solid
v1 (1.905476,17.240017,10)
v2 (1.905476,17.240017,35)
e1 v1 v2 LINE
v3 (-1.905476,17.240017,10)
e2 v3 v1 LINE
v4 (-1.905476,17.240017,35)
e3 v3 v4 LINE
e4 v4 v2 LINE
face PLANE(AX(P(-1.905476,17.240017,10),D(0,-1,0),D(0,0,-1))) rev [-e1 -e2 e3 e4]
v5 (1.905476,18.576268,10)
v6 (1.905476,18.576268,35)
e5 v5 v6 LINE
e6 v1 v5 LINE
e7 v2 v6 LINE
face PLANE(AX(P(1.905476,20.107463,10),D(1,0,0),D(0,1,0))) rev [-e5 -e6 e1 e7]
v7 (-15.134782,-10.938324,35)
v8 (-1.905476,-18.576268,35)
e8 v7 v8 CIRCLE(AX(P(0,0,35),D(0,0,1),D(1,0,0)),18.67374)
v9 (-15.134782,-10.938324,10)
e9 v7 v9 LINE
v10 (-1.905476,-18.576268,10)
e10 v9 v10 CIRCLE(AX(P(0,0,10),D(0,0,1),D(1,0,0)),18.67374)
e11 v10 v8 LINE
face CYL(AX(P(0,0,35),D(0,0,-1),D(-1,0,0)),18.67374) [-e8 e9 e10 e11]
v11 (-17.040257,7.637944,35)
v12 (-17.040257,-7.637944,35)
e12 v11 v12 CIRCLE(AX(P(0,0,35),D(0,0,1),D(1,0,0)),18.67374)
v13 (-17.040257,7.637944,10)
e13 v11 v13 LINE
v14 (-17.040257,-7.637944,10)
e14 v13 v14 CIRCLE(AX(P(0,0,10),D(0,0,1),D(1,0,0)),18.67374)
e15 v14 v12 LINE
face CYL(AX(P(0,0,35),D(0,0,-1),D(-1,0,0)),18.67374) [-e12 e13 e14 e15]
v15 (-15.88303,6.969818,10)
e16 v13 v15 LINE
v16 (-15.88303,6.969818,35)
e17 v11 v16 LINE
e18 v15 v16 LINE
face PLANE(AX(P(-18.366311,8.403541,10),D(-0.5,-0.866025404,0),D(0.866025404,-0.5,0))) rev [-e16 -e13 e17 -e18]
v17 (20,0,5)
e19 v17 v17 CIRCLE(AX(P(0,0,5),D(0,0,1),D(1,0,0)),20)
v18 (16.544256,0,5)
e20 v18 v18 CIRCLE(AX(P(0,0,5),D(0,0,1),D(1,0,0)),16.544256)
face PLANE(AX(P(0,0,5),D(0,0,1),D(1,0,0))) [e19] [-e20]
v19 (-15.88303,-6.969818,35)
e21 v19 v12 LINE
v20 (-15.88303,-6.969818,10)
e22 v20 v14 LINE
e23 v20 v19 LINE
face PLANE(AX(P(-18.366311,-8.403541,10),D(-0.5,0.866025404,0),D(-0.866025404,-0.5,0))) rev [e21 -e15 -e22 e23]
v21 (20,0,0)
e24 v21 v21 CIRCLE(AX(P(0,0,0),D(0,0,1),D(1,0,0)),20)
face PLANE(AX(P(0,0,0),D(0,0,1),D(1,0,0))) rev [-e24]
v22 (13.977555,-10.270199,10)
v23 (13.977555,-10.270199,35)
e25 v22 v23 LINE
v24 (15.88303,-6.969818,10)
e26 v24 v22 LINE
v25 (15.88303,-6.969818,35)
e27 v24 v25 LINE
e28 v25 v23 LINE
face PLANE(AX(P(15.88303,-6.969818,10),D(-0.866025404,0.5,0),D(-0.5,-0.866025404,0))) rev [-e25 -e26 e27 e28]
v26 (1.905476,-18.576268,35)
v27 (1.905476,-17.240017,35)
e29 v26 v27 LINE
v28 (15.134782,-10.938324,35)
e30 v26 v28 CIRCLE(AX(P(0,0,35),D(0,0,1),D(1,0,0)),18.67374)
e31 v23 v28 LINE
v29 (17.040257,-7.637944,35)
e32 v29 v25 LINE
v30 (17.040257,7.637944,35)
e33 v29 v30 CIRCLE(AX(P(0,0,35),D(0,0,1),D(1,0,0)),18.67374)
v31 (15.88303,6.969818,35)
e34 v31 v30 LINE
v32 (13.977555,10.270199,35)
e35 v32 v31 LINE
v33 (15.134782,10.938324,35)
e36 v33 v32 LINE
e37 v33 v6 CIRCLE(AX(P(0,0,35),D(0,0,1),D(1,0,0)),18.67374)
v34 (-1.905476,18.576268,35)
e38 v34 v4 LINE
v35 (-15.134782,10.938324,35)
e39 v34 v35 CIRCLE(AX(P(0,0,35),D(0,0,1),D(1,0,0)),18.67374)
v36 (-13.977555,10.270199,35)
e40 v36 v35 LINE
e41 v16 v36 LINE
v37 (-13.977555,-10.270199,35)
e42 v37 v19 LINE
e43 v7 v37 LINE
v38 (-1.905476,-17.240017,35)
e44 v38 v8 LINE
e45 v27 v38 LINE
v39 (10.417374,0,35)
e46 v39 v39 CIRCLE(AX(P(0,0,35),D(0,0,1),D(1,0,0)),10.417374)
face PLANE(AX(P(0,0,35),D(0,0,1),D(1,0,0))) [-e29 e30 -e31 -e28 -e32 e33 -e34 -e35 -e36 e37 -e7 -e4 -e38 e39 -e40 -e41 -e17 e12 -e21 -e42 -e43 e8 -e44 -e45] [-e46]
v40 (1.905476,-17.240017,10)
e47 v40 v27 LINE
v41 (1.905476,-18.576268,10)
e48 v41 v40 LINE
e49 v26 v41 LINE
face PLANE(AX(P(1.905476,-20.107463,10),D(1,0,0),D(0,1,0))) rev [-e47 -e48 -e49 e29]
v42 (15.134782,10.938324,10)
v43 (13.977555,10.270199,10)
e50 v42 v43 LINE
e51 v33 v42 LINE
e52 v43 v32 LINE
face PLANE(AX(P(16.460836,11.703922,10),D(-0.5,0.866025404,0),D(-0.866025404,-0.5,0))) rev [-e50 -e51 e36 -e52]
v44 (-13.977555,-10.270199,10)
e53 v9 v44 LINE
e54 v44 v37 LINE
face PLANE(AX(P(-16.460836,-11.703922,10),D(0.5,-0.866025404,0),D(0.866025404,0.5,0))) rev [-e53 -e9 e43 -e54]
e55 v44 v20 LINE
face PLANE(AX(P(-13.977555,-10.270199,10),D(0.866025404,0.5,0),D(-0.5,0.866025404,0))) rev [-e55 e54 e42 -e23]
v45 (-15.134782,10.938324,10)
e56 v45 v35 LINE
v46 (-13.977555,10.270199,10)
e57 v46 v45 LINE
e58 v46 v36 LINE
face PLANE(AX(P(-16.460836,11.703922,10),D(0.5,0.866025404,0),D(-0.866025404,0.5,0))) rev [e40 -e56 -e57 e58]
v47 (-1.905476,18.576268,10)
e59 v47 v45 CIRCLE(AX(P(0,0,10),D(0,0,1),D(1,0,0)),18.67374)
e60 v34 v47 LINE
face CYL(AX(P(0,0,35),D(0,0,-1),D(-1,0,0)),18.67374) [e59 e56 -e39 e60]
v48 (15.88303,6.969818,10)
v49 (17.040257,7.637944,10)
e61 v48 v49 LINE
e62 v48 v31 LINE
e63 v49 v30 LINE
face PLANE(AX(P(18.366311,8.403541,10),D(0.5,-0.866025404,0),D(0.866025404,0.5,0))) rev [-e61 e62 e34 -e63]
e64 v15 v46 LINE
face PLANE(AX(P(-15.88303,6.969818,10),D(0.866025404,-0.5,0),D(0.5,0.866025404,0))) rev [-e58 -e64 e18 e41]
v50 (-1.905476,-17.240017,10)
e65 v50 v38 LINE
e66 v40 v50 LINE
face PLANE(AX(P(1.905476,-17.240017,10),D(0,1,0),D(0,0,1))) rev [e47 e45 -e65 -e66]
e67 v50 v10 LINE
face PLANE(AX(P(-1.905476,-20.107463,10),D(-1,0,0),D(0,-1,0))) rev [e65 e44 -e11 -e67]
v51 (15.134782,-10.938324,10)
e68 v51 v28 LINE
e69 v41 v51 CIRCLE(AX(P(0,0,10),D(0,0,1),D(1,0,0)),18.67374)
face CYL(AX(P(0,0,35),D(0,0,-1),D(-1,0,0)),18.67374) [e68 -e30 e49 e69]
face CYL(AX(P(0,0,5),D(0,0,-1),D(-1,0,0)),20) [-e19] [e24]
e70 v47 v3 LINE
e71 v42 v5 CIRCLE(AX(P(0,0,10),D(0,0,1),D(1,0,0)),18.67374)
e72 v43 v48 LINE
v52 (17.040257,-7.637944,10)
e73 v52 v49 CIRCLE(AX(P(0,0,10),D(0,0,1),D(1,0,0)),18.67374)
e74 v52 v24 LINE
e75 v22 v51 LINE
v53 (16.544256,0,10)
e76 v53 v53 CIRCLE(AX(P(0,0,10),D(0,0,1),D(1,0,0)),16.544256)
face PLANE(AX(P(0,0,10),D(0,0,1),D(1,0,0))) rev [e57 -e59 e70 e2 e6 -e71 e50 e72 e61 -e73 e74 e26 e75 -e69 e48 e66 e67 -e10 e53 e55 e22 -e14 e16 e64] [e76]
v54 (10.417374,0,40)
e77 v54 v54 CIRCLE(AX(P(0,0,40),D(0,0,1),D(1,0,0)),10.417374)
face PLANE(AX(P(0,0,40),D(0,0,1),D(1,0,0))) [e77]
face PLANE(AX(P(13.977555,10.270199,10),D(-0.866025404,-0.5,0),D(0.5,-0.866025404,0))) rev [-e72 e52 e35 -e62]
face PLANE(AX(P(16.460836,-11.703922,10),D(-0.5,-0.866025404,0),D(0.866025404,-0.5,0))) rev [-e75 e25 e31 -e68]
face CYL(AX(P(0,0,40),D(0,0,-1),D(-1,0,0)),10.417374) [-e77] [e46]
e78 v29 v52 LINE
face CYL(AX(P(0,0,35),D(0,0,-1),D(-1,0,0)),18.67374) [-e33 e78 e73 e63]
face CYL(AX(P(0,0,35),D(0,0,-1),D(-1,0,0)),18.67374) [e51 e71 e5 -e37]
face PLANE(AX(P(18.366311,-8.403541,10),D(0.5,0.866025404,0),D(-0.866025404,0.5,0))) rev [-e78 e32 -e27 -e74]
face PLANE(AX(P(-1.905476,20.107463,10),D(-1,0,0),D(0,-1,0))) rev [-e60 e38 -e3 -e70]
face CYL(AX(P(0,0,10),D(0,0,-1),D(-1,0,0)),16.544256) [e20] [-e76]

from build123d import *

# Parameters (mm, degrees)
CROQUIS1_R              = 20
SALIENTE_EXTRUIR5_DEPTH = 5
CROQUIS6_R              = 16.544256432
SALIENTE_EXTRUIR6_DEPTH = 5
CROQUIS7_R              = 18.673739687
SALIENTE_EXTRUIR7_DEPTH = 25
CROQUIS8_W              = 3.810951086
CROQUIS8_H              = 2.867445731
CORTAR_EXTRUIR2_DEPTH   = 25
CROQUIS9_R              = 10.417374192
SALIENTE_EXTRUIR9_DEPTH = 5


with BuildPart() as part:
    # Croquis1 → Saliente-Extruir5 (new body)
    with BuildSketch(Plane.XY):
        Circle(CROQUIS1_R)
    extrude(amount=SALIENTE_EXTRUIR5_DEPTH)

    # Croquis6 → Saliente-Extruir6 (add)
    with BuildSketch(Plane.XY.offset(5)):
        Circle(CROQUIS6_R)
    extrude(amount=SALIENTE_EXTRUIR6_DEPTH)

    # Croquis7 → Saliente-Extruir7 (add)
    with BuildSketch(Plane.XY.offset(10)):
        Circle(CROQUIS7_R)
    extrude(amount=SALIENTE_EXTRUIR7_DEPTH)

    # Croquis8 → Cortar-Extruir2 (cut)
    with BuildSketch(Plane.XY.offset(35)):
        with Locations((0, 18.673739686)):
            Rectangle(CROQUIS8_W, CROQUIS8_H)
        Polygon((16.460835604, 11.703921503), (13.977554757, 10.270198637), (15.8830303, 6.969818184), (18.366311148, 8.403541049), align=None)
        Polygon((18.366311148, -8.403541049), (15.8830303, -6.969818184), (13.977554757, -10.270198637), (16.460835604, -11.703921503), align=None)
        with Locations((0, -18.673739686)):
            Rectangle(CROQUIS8_W, CROQUIS8_H)
        Polygon((-16.460835604, -11.703921503), (-13.977554757, -10.270198637), (-15.8830303, -6.969818184), (-18.366311148, -8.403541049), align=None)
        Polygon((-18.366311148, 8.403541049), (-15.8830303, 6.969818184), (-13.977554757, 10.270198637), (-16.460835604, 11.703921503), align=None)
    extrude(amount=-CORTAR_EXTRUIR2_DEPTH, mode=Mode.SUBTRACT)

    # Croquis9 → Saliente-Extruir9 (add)
    with BuildSketch(Plane.XY.offset(35)):
        Circle(CROQUIS9_R)
    extrude(amount=SALIENTE_EXTRUIR9_DEPTH)


solid = part.part
